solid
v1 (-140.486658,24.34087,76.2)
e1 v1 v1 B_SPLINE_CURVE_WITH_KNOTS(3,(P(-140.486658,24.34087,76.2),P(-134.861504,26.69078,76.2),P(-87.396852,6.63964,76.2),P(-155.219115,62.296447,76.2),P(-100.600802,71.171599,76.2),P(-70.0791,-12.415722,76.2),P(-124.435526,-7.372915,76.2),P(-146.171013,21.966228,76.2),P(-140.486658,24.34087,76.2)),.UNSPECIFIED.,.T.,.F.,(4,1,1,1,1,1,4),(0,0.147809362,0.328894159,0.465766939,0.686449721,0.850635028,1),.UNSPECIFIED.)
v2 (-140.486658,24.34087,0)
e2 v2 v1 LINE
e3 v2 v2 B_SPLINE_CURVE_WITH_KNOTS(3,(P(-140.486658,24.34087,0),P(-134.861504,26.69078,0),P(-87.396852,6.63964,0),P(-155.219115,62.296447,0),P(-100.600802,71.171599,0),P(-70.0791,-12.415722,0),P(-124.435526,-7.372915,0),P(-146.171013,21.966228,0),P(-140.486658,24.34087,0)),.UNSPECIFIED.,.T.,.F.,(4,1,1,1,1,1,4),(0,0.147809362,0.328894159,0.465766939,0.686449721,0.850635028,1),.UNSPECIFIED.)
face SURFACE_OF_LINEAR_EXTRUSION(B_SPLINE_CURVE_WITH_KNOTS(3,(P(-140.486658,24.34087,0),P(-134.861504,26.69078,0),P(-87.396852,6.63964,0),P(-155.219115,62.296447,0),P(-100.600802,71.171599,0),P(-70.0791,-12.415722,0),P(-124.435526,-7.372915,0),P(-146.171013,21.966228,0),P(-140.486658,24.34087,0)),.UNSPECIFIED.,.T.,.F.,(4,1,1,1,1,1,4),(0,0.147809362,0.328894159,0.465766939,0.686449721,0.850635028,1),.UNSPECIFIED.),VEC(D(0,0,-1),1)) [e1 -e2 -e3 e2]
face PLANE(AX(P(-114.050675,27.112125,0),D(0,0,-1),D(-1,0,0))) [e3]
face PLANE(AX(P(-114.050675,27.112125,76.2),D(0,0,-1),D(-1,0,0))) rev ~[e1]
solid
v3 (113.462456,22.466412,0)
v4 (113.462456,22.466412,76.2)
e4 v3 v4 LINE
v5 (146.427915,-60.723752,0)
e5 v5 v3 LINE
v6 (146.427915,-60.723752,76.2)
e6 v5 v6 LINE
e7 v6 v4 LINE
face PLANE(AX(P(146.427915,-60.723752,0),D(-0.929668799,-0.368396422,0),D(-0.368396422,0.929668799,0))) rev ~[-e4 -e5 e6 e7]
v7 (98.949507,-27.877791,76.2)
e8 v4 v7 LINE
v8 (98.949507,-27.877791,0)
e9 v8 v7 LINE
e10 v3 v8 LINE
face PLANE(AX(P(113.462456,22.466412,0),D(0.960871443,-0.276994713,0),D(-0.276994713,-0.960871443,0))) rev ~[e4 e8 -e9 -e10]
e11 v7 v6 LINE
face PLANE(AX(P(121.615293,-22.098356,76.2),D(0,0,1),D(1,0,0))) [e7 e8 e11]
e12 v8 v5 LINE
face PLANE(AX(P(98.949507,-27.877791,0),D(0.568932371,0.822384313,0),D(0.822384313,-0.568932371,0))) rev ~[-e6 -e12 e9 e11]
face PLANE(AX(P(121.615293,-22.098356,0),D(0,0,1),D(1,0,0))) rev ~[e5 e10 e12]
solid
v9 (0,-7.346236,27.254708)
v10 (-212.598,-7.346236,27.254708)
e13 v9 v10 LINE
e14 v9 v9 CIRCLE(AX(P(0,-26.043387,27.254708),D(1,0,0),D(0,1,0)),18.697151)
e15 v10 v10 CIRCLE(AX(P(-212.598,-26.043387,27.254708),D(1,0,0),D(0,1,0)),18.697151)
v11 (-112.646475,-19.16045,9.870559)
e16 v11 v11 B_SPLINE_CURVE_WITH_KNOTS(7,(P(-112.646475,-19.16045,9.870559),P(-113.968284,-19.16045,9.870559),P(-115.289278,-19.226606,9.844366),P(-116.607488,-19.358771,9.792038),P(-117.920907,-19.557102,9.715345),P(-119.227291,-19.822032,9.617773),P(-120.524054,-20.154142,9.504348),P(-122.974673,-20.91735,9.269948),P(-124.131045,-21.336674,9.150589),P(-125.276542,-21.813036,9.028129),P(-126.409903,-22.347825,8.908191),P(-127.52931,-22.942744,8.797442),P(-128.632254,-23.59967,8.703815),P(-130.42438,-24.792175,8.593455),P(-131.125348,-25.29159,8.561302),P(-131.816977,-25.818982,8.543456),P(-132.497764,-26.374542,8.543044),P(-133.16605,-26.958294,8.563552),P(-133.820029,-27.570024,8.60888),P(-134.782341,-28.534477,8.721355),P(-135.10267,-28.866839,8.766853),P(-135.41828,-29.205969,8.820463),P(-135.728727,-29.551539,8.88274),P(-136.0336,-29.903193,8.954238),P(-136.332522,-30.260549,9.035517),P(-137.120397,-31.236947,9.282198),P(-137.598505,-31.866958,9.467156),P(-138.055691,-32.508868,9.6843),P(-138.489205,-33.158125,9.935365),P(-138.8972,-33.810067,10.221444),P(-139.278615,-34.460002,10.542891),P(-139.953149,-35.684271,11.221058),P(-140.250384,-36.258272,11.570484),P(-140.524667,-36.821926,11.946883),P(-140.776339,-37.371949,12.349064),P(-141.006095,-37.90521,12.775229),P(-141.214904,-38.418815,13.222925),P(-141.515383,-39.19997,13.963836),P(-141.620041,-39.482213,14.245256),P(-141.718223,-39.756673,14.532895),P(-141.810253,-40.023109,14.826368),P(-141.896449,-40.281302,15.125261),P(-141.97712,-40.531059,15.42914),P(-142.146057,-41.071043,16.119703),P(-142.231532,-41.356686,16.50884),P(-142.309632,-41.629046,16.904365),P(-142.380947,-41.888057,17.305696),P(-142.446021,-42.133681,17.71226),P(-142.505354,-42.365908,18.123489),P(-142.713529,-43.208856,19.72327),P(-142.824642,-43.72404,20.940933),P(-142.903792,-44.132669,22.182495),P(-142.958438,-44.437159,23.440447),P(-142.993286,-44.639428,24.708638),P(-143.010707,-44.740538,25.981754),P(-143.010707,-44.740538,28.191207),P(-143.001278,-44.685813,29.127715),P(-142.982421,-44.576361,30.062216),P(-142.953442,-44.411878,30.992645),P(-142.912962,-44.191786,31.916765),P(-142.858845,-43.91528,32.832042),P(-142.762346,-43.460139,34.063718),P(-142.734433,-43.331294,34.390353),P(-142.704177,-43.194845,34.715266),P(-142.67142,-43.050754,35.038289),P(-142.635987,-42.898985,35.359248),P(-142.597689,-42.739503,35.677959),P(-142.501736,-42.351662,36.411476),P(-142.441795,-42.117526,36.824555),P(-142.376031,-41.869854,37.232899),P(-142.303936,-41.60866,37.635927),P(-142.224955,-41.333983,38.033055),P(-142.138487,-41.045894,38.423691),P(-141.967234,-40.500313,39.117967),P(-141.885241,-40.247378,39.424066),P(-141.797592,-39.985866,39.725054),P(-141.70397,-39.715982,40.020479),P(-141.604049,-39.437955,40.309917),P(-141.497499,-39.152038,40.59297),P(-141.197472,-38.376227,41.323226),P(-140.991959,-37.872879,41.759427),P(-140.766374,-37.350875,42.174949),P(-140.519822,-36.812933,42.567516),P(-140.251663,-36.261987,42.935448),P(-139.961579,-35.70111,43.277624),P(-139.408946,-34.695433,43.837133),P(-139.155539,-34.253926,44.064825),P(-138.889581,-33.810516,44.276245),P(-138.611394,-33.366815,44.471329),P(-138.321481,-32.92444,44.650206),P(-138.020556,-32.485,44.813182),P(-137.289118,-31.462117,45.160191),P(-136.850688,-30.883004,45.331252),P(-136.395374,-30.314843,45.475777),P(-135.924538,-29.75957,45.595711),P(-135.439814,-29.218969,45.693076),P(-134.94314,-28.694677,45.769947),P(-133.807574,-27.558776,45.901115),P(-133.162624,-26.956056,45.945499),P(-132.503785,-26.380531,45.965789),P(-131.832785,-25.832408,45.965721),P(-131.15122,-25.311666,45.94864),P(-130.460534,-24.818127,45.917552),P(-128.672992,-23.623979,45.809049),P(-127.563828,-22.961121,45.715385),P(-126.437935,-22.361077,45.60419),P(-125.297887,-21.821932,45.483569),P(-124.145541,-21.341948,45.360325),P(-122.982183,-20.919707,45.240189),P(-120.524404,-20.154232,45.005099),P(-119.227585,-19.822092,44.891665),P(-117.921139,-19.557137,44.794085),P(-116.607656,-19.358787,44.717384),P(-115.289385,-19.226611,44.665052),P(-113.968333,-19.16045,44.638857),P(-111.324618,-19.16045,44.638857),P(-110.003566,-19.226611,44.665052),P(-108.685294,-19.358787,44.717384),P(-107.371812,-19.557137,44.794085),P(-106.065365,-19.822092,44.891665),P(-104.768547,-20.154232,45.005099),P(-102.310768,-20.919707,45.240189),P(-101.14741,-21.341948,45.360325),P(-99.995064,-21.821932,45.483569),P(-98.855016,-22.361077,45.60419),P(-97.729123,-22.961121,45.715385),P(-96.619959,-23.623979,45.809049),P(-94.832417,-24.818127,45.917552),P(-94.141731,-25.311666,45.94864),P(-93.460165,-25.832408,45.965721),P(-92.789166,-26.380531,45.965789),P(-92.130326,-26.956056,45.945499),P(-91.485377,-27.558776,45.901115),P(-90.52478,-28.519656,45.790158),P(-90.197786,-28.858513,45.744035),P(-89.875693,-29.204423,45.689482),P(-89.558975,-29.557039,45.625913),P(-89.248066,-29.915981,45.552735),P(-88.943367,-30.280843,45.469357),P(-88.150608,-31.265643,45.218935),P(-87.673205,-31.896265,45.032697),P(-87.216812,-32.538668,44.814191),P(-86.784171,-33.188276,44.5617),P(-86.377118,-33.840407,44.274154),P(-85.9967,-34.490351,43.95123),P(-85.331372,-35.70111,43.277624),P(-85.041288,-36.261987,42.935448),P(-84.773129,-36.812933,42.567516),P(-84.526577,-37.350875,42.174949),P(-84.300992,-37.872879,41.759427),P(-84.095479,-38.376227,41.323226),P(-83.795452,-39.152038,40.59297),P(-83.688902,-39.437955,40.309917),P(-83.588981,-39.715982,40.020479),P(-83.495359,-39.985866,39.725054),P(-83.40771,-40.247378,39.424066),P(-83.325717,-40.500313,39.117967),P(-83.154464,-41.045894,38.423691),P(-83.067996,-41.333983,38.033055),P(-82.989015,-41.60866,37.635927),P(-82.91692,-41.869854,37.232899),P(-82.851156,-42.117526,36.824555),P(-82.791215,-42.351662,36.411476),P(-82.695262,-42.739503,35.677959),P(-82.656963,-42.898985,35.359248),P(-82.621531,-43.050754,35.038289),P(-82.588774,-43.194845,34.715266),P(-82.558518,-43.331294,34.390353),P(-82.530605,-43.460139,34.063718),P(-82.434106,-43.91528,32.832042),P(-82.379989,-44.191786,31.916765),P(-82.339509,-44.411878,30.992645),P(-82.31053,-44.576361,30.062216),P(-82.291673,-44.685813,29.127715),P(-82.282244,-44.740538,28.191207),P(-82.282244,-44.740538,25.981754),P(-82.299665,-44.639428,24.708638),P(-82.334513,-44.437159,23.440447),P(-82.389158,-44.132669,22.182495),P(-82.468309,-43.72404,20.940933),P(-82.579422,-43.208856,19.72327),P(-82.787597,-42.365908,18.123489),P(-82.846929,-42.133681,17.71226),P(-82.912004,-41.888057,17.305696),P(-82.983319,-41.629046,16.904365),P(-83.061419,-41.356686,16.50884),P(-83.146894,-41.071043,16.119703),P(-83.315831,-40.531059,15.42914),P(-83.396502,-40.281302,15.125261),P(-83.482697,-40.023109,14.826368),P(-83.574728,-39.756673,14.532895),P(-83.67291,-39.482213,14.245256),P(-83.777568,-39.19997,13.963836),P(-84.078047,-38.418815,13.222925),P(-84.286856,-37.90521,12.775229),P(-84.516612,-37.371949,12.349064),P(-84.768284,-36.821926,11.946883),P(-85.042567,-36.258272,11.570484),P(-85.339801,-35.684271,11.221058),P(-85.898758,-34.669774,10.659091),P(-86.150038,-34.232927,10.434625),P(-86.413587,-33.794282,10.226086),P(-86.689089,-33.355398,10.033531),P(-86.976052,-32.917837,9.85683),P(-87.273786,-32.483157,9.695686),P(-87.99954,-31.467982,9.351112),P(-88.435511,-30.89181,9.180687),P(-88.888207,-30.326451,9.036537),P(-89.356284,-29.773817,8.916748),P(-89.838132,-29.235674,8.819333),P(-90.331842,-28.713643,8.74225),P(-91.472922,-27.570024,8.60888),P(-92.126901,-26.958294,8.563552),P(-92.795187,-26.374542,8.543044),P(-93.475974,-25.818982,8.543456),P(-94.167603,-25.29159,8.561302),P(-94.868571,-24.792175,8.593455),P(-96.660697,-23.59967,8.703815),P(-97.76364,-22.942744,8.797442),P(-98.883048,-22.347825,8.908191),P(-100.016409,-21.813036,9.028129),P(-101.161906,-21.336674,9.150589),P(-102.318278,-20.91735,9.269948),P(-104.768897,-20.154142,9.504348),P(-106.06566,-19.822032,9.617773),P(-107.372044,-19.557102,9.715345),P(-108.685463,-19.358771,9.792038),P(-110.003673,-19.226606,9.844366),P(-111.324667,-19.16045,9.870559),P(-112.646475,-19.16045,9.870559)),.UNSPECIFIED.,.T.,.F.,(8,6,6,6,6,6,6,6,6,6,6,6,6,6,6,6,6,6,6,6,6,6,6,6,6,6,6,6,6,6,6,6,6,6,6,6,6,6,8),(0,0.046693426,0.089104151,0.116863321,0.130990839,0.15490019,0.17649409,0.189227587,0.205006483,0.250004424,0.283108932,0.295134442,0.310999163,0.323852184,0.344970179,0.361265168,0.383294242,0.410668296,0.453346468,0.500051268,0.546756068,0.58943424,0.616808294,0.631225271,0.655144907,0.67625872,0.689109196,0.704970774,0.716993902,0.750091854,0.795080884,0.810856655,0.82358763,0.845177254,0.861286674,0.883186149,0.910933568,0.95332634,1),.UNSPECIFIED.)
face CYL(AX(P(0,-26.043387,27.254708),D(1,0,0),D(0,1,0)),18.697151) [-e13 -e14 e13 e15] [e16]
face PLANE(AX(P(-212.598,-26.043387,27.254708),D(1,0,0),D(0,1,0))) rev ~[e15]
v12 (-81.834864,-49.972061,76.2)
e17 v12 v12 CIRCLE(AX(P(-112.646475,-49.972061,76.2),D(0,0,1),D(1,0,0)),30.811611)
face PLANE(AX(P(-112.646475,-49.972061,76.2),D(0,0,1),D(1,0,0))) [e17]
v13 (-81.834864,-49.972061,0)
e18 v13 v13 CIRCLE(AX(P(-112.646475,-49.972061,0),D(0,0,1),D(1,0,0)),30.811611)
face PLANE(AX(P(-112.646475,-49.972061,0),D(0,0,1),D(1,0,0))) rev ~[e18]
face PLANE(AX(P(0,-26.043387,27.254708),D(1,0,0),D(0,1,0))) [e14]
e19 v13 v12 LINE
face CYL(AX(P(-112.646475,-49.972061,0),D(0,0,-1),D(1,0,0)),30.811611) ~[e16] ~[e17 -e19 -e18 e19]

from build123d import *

# Parameters (mm, degrees)
F0_R     = 30.811611331
F1_DEPTH = 76.2
F2_R     = 18.6971508948
F3_DEPTH = 212.598


with BuildPart() as f1:
    # F0 (on Top) → F1 (new body)
    with BuildSketch(Plane.XY):
        with Locations((-112.6464754343, -49.9720610678)):
            Circle(F0_R)
    extrude(amount=F1_DEPTH)

    # F2 (on Right) → F3 (join)
    with BuildSketch(Plane.YZ):
        with Locations((-26.0433871299, 27.2547081113)):
            Circle(F2_R)
    extrude(amount=-F3_DEPTH)


with BuildPart() as f1b:
    # F0 (on Top) → F1, piece 2 (new body)
    with BuildSketch(Plane.XY):
        with BuildLine():
            add(Edge.make_bspline(
                [(-140.4866576195, 24.3408698589), (-134.8615042918, 26.6907800784), (-87.3968522729, 6.6396396226), (-155.2191145547, 62.2964469519), (-100.6008018356, 71.1715990029), (-70.0791004951, -12.4157216571), (-124.4355264908, -7.3729145233), (-146.1710125319, 21.9662281519), (-140.4866576195, 24.3408698589)],
                knots=[0, 0, 0, 0, 0.1478093617, 0.3288941588, 0.4657669392, 0.6864497206, 0.8506350276, 1, 1, 1, 1], degree=3))
        make_face()
    extrude(amount=F1_DEPTH)


with BuildPart() as f1c:
    # F0 (on Top) → F1, piece 3 (new body)
    with BuildSketch(Plane.XY):
        Polygon((98.9495068789, -27.8777908534), (146.4279145002, -60.7237517834), (113.4624555707, 22.4664118141), align=None)
    extrude(amount=F1_DEPTH)


solid = Compound([f1.part, f1b.part, f1c.part])
